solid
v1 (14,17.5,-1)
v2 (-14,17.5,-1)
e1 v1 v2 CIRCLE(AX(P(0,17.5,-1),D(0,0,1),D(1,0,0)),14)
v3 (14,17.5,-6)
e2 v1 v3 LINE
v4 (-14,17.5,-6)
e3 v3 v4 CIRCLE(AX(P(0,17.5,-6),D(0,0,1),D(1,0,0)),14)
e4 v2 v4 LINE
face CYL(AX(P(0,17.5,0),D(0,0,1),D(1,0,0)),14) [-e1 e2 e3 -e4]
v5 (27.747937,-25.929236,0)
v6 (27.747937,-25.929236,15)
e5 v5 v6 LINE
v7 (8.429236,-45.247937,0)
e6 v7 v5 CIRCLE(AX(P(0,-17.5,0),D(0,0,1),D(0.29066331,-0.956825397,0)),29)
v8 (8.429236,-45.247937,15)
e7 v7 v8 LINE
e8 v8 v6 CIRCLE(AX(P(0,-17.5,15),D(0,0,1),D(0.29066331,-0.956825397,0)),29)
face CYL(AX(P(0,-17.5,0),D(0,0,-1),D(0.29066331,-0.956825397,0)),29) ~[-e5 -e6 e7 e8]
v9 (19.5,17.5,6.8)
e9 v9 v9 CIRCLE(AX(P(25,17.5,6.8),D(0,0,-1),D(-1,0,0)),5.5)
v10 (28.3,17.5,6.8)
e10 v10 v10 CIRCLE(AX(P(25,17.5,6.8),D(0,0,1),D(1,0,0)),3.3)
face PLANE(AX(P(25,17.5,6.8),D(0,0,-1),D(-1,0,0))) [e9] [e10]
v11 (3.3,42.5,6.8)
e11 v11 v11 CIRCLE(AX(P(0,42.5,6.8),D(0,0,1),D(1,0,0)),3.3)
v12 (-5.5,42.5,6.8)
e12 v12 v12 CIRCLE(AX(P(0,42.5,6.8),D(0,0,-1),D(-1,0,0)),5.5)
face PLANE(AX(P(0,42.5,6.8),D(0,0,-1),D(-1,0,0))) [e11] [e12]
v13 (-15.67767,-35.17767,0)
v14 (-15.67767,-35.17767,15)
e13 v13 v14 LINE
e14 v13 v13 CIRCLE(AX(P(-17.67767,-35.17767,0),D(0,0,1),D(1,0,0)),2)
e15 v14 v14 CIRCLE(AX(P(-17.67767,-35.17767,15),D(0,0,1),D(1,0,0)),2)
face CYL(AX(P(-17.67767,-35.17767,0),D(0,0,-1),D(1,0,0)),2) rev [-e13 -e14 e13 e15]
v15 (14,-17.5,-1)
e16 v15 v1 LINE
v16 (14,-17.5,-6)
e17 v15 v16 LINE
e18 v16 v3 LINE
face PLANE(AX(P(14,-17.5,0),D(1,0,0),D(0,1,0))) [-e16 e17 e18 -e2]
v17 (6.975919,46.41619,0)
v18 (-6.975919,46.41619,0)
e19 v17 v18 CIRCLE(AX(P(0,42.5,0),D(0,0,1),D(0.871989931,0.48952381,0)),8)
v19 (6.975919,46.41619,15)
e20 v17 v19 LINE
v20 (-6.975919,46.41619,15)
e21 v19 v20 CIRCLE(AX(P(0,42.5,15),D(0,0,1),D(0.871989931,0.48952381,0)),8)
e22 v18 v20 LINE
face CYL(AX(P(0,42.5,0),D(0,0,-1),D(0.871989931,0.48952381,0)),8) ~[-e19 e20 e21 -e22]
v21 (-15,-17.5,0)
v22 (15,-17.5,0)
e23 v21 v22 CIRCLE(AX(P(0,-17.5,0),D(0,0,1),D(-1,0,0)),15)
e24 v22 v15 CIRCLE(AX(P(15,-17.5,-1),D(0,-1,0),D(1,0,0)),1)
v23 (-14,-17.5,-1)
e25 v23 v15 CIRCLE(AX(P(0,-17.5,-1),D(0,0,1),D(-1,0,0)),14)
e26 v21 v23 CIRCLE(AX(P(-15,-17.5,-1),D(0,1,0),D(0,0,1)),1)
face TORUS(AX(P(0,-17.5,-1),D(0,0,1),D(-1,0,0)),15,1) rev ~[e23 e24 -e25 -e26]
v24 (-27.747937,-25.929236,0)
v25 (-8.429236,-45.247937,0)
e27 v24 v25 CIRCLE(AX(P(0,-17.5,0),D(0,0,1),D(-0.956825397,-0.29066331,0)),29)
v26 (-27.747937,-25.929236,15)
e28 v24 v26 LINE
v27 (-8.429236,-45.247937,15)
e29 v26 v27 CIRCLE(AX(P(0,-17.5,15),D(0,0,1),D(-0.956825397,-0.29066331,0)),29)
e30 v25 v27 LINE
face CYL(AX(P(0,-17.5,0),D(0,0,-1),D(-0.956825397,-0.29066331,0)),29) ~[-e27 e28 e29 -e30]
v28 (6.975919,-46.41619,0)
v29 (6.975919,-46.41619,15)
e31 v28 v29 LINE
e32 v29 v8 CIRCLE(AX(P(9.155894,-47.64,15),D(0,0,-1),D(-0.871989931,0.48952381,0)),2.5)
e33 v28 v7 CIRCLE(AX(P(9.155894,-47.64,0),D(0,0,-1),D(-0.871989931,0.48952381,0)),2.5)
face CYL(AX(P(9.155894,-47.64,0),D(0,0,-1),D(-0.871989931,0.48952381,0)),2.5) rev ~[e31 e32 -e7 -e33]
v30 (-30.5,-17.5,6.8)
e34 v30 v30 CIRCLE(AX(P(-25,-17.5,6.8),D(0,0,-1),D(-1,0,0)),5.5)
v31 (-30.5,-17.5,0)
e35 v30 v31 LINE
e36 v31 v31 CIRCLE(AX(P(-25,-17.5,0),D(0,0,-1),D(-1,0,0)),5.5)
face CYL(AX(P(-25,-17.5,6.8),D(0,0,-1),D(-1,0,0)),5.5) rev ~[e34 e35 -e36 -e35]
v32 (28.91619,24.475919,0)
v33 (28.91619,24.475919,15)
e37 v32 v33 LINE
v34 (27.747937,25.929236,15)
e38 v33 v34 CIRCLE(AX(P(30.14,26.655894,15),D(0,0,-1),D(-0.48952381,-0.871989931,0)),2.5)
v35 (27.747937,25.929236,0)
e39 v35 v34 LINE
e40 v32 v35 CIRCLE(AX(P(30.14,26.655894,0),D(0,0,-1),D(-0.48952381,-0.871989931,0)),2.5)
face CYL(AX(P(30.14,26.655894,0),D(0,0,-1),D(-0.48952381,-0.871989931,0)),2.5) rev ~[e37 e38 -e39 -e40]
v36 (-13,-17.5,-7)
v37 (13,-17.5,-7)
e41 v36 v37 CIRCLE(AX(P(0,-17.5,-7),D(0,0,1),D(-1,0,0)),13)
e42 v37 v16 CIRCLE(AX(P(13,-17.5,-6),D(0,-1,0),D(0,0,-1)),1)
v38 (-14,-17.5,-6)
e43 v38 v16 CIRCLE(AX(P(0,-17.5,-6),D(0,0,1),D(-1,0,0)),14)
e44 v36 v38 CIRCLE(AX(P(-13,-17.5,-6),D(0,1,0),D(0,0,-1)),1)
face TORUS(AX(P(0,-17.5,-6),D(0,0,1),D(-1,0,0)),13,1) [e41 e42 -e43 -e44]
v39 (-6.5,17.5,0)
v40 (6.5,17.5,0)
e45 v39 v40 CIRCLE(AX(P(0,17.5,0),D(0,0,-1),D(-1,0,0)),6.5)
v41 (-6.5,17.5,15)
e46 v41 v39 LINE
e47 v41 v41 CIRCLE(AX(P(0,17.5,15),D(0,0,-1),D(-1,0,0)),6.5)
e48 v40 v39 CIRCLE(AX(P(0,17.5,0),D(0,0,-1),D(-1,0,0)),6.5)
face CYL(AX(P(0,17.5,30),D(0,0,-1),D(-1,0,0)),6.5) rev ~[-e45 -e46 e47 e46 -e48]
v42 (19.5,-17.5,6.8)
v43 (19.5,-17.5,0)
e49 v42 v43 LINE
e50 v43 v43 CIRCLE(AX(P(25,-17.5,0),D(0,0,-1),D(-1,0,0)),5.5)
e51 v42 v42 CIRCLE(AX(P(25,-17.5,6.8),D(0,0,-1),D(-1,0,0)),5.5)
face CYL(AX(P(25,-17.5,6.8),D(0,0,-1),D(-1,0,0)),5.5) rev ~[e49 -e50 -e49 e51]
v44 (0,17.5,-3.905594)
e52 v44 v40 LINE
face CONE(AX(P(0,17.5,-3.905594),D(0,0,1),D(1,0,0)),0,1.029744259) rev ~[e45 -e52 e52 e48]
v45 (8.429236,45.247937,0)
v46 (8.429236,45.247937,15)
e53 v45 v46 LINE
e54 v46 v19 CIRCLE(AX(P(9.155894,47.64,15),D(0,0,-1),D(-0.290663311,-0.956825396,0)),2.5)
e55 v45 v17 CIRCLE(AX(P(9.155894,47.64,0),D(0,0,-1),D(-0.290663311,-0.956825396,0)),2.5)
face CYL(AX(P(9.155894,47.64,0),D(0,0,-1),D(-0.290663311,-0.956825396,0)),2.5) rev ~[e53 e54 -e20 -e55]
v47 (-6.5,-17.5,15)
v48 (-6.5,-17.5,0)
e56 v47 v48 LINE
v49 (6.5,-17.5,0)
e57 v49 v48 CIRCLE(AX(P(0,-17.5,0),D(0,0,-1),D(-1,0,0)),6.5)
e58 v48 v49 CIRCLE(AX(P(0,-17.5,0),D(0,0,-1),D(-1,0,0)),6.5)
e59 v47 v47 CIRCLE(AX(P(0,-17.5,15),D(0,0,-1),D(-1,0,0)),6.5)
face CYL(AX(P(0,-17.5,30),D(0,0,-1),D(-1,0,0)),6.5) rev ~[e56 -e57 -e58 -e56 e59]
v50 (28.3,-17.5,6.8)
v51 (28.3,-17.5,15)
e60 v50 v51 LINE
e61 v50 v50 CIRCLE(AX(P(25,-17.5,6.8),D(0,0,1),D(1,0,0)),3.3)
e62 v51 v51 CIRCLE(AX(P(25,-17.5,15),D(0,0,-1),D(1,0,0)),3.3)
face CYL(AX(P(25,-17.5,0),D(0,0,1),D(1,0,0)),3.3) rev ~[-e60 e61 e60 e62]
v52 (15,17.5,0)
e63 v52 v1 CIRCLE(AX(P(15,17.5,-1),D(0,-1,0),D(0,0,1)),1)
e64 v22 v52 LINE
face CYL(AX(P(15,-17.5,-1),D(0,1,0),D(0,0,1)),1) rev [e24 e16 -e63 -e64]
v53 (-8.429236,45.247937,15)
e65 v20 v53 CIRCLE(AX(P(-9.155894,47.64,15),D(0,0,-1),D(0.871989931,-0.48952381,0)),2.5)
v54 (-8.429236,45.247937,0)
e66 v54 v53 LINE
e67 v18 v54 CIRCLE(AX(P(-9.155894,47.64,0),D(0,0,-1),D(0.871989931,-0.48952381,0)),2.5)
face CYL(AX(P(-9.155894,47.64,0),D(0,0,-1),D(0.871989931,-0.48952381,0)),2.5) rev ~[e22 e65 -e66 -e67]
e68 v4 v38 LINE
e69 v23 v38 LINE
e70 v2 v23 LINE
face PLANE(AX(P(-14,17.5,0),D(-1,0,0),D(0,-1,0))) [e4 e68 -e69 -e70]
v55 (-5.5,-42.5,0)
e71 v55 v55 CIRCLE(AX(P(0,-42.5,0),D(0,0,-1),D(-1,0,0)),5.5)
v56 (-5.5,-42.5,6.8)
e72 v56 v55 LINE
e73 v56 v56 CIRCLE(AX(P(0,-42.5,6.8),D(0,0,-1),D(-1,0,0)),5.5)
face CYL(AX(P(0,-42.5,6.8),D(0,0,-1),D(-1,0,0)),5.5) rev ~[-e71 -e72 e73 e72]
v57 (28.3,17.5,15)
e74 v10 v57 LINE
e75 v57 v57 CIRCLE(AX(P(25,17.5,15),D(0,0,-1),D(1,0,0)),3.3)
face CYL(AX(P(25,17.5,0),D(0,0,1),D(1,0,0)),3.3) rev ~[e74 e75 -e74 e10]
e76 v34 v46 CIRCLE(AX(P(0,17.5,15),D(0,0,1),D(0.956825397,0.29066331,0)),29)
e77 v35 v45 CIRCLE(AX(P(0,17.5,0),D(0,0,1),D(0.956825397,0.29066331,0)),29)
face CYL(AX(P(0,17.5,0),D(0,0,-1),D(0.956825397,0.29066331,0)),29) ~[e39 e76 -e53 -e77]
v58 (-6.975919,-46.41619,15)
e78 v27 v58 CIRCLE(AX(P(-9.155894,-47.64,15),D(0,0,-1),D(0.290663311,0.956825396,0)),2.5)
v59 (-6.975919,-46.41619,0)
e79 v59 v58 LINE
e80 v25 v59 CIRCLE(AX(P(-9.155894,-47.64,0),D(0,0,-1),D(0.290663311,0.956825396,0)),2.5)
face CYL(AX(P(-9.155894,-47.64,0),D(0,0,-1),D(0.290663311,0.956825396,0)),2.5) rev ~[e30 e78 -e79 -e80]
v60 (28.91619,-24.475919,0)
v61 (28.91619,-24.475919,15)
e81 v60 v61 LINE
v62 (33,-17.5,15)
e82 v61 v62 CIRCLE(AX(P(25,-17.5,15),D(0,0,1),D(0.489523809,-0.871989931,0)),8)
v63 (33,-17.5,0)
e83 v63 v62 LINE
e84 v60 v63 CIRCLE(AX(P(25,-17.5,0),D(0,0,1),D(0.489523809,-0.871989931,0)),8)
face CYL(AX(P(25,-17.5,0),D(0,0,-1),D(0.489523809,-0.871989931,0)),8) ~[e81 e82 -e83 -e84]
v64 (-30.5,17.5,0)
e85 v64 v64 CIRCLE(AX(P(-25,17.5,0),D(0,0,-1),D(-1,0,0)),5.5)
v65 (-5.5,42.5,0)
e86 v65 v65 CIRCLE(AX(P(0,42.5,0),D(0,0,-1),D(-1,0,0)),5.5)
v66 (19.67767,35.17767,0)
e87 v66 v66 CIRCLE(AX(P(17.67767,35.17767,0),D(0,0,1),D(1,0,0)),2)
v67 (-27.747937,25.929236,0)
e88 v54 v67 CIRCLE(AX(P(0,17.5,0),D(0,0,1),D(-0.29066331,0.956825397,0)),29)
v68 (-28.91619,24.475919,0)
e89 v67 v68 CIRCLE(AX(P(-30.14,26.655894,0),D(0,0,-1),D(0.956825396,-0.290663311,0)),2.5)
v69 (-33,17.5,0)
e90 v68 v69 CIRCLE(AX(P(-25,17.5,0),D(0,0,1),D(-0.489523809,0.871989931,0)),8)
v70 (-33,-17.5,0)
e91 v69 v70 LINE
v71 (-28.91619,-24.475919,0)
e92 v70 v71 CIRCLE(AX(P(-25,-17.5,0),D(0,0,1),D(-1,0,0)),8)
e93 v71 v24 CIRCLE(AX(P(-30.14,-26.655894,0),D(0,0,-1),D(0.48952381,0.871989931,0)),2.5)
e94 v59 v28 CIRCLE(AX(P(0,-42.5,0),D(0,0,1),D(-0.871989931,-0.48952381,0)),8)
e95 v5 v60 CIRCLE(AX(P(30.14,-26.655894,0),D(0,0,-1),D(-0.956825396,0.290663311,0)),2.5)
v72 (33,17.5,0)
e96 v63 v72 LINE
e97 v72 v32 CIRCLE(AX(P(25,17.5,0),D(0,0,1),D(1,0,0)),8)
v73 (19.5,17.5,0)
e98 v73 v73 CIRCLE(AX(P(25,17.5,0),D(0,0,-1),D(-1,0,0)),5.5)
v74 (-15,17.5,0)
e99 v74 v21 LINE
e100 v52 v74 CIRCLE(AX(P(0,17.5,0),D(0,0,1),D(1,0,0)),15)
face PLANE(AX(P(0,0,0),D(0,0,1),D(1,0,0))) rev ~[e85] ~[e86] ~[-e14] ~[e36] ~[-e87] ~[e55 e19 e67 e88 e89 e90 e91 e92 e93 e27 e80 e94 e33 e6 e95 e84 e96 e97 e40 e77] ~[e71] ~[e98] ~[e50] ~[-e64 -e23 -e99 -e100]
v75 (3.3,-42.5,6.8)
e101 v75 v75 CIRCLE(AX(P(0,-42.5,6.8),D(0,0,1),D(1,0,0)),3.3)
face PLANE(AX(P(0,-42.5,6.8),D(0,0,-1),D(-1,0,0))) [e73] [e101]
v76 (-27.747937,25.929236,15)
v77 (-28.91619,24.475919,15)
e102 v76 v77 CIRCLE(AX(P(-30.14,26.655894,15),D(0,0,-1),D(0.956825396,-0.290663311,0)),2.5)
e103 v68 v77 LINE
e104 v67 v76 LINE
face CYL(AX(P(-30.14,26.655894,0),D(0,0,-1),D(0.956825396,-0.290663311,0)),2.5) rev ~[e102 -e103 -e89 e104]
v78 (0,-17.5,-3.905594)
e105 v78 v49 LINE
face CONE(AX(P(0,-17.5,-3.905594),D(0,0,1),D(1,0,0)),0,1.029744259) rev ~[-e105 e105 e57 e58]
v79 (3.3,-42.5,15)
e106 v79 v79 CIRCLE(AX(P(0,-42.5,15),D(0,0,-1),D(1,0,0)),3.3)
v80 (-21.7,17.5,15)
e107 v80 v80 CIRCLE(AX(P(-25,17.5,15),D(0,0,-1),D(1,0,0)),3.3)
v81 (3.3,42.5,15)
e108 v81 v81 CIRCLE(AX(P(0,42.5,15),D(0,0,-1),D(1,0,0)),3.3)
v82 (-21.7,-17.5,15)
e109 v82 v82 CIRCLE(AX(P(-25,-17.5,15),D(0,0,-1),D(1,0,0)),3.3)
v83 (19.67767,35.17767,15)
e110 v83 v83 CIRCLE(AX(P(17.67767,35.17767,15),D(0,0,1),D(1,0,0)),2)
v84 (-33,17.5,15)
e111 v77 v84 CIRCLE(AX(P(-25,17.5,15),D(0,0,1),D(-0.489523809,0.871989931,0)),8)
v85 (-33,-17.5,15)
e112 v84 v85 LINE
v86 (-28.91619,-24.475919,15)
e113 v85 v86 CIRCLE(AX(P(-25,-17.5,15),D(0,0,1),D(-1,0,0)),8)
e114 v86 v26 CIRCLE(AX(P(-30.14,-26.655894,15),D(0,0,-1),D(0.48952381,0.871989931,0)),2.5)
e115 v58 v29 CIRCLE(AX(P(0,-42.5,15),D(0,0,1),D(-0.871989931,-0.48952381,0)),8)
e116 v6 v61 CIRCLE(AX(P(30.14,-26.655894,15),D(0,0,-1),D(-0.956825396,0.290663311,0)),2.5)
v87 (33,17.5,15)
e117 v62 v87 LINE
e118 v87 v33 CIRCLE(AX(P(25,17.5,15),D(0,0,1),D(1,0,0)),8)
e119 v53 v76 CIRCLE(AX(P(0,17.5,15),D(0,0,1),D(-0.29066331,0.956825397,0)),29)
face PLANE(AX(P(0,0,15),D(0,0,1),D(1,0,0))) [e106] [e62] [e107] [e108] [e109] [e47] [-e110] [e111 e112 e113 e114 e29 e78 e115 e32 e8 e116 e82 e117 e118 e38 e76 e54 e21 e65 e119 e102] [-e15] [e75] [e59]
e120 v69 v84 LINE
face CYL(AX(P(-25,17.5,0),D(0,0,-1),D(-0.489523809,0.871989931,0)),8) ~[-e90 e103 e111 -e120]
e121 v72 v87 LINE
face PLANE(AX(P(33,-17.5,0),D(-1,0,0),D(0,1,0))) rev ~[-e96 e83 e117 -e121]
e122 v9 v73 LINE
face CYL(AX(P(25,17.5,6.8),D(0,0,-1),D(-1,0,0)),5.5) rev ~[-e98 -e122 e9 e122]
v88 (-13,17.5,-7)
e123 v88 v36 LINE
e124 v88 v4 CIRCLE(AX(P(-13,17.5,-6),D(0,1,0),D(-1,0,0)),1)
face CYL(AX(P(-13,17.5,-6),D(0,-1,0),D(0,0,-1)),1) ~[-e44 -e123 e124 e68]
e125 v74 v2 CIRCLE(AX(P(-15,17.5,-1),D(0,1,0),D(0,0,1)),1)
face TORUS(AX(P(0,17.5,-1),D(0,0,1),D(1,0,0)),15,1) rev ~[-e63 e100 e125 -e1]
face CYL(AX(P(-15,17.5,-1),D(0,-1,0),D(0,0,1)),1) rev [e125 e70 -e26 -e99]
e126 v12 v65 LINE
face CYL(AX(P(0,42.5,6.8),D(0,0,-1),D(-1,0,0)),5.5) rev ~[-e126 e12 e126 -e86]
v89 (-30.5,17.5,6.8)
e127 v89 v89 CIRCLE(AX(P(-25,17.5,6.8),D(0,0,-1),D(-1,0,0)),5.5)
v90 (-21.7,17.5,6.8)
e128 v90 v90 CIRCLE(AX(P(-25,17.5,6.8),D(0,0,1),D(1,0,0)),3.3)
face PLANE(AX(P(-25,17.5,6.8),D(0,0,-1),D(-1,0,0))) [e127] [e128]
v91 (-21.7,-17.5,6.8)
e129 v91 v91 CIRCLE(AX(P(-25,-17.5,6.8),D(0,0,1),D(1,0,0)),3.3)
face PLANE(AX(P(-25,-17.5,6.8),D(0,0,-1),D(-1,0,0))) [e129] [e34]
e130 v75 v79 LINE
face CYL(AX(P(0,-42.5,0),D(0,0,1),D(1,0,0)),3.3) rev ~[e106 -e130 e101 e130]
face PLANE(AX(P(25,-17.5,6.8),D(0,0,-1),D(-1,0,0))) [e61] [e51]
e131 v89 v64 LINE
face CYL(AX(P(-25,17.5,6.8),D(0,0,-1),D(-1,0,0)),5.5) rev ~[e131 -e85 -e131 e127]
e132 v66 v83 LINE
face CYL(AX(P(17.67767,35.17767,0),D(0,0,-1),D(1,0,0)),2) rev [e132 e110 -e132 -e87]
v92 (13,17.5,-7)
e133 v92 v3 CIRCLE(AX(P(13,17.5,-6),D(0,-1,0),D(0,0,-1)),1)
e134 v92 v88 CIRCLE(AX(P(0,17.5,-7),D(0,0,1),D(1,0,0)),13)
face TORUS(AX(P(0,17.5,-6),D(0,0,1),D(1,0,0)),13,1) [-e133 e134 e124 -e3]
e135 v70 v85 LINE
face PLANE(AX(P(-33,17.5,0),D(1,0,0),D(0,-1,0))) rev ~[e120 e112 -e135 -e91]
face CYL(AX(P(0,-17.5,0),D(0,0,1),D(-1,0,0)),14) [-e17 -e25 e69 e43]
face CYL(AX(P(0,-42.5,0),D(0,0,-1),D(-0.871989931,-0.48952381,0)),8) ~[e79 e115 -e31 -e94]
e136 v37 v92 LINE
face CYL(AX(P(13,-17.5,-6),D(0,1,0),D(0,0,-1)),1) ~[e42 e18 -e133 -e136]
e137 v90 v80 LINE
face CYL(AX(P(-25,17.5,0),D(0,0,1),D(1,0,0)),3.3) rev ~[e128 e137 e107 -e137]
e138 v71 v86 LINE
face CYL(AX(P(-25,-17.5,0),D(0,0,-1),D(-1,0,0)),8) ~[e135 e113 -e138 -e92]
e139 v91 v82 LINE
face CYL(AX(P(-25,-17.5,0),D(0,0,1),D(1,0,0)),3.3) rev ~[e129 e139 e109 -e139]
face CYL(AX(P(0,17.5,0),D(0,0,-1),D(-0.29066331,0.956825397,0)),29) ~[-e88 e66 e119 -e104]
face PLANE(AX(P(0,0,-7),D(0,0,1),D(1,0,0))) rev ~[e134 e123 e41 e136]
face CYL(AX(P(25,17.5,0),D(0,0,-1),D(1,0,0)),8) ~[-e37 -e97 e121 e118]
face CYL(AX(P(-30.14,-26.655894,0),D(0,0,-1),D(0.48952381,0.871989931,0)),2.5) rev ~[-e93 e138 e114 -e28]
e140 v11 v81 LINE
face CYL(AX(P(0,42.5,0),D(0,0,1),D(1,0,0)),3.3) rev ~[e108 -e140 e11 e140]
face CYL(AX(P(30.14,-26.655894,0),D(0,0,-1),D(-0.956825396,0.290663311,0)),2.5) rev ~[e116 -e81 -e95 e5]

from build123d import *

# Parameters (mm, degrees)
SKETCH_3_R                  = 2
EXTRUDE_4_DEPTH             = 15
EXTRUDE_5_DEPTH             = 7
HOLE_WIZARD_13_0_13_2_D     = 13
HOLE_WIZARD_13_0_13_2_DEPTH = 15
HOLE_WIZARD_13_0_13_2_TIP   = 3.905594024
HOLE_WIZARD_2_D             = 6.6
HOLE_WIZARD_2_DEPTH         = 15
HOLE_WIZARD_2_CBORE_D       = 11
HOLE_WIZARD_2_CBORE_DEPTH   = 6.8
HOLE_WIZARD_2_TIP           = 1.982840043
FILLET_1_R                  = 1


with BuildPart() as part:
    # 草图3 → 凸台-拉伸4 (new body)
    with BuildSketch(Plane.XY):
        with BuildLine():
            ThreePointArc((-28.916190476, 24.475919449), (-31.903967114, 21.541687531), (-33, 17.5))
            Line((-33, 17.5), (-33, -17.5))
            ThreePointArc((-33, -17.5), (-31.903967114, -21.541687531), (-28.916190476, -24.475919449))
            ThreePointArc((-28.916190476, -24.475919449), (-28.191496301, -25.08958226), (-27.747936508, -25.929236))
            ThreePointArc((-27.747936508, -25.929236), (-20.506096654, -38.006096654), (-8.429236, -45.247936508))
            ThreePointArc((-8.429236, -45.247936508), (-7.58958226, -45.691496301), (-6.975919449, -46.416190476))
            ThreePointArc((-6.975919449, -46.416190476), (0, -50.5), (6.975919449, -46.416190476))
            ThreePointArc((6.975919449, -46.416190476), (7.58958226, -45.691496301), (8.429236, -45.247936508))
            ThreePointArc((8.429236, -45.247936508), (20.506096654, -38.006096654), (27.747936508, -25.929236))
            ThreePointArc((27.747936508, -25.929236), (28.191496301, -25.08958226), (28.916190476, -24.475919449))
            ThreePointArc((28.916190476, -24.475919449), (31.903967114, -21.541687531), (33, -17.5))
            Line((33, -17.5), (33, 17.5))
            ThreePointArc((33, 17.5), (31.903967114, 21.541687531), (28.916190476, 24.475919449))
            ThreePointArc((28.916190476, 24.475919449), (28.191496301, 25.08958226), (27.747936508, 25.929236))
            ThreePointArc((27.747936508, 25.929236), (20.506096654, 38.006096654), (8.429236, 45.247936508))
            ThreePointArc((8.429236, 45.247936508), (7.58958226, 45.691496301), (6.975919449, 46.416190476))
            ThreePointArc((6.975919449, 46.416190476), (0, 50.5), (-6.975919449, 46.416190476))
            ThreePointArc((-6.975919449, 46.416190476), (-7.58958226, 45.691496301), (-8.429236, 45.247936508))
            ThreePointArc((-8.429236, 45.247936508), (-20.506096654, 38.006096654), (-27.747936508, 25.929236))
            ThreePointArc((-27.747936508, 25.929236), (-28.191496301, 25.08958226), (-28.916190476, 24.475919449))
        make_face()
        with Locations((-17.67766953, -35.17766953)):
            Circle(SKETCH_3_R, mode=Mode.SUBTRACT)
        with Locations((17.67766953, 35.17766953)):
            Circle(SKETCH_3_R, mode=Mode.SUBTRACT)
    extrude(amount=EXTRUDE_4_DEPTH)

    # 草图3<6> → 凸台-拉伸5 (add)
    with BuildSketch(Plane.XY):
        with BuildLine():
            Line((14, -17.5), (14, 17.5))
            ThreePointArc((14, 17.5), (0, 31.5), (-14, 17.5))
            Line((-14, 17.5), (-14, -17.5))
            ThreePointArc((-14, -17.5), (0, -31.5), (14, -17.5))
        make_face()
    extrude(amount=-EXTRUDE_5_DEPTH)

    # Ø13.0 (13) 直径孔2
    with Locations(Plane(origin=(0, 17.5, 15), x_dir=(1, 0, 0), z_dir=(0, 0, 1))):
        with Locations((0, 0), (0, -35)):
            Hole(HOLE_WIZARD_13_0_13_2_D / 2, depth=HOLE_WIZARD_13_0_13_2_DEPTH)
            with Locations((0, 0, -(HOLE_WIZARD_13_0_13_2_DEPTH + HOLE_WIZARD_13_0_13_2_TIP / 2))):  # 118° drill point
                Cone(0, HOLE_WIZARD_13_0_13_2_D / 2, HOLE_WIZARD_13_0_13_2_TIP, mode=Mode.SUBTRACT)

    # 打孔尺寸(%根据)开槽圆柱头螺钉的类型2
    with Locations(Plane(origin=(0, 0, 0), x_dir=(-1, 0, 0), z_dir=(0, 0, -1))):
        with Locations((0, 42.5), (-25, 17.5), (25, 17.5), (-25, -17.5), (25, -17.5), (0, -42.5)):
            CounterBoreHole(HOLE_WIZARD_2_D / 2, HOLE_WIZARD_2_CBORE_D / 2, HOLE_WIZARD_2_CBORE_DEPTH, depth=HOLE_WIZARD_2_DEPTH)
            with Locations((0, 0, -(HOLE_WIZARD_2_DEPTH + HOLE_WIZARD_2_TIP / 2))):  # 118° drill point
                Cone(0, HOLE_WIZARD_2_D / 2, HOLE_WIZARD_2_TIP, mode=Mode.SUBTRACT)

    # 圆角1
    fillet_1_edges = [part.edges().sort_by_distance(p)[0] for p in [
        (14, 0, -7),
        (0, -31.5, -7),
        (-14, 0, 0),
        (0, 31.5, -7),
        (-14, 0, -7),
        (14, 0, 0),
        (0, 31.5, 0),
        (0, -31.5, 0),
    ]]
    fillet(fillet_1_edges, radius=FILLET_1_R)


solid = part.part
